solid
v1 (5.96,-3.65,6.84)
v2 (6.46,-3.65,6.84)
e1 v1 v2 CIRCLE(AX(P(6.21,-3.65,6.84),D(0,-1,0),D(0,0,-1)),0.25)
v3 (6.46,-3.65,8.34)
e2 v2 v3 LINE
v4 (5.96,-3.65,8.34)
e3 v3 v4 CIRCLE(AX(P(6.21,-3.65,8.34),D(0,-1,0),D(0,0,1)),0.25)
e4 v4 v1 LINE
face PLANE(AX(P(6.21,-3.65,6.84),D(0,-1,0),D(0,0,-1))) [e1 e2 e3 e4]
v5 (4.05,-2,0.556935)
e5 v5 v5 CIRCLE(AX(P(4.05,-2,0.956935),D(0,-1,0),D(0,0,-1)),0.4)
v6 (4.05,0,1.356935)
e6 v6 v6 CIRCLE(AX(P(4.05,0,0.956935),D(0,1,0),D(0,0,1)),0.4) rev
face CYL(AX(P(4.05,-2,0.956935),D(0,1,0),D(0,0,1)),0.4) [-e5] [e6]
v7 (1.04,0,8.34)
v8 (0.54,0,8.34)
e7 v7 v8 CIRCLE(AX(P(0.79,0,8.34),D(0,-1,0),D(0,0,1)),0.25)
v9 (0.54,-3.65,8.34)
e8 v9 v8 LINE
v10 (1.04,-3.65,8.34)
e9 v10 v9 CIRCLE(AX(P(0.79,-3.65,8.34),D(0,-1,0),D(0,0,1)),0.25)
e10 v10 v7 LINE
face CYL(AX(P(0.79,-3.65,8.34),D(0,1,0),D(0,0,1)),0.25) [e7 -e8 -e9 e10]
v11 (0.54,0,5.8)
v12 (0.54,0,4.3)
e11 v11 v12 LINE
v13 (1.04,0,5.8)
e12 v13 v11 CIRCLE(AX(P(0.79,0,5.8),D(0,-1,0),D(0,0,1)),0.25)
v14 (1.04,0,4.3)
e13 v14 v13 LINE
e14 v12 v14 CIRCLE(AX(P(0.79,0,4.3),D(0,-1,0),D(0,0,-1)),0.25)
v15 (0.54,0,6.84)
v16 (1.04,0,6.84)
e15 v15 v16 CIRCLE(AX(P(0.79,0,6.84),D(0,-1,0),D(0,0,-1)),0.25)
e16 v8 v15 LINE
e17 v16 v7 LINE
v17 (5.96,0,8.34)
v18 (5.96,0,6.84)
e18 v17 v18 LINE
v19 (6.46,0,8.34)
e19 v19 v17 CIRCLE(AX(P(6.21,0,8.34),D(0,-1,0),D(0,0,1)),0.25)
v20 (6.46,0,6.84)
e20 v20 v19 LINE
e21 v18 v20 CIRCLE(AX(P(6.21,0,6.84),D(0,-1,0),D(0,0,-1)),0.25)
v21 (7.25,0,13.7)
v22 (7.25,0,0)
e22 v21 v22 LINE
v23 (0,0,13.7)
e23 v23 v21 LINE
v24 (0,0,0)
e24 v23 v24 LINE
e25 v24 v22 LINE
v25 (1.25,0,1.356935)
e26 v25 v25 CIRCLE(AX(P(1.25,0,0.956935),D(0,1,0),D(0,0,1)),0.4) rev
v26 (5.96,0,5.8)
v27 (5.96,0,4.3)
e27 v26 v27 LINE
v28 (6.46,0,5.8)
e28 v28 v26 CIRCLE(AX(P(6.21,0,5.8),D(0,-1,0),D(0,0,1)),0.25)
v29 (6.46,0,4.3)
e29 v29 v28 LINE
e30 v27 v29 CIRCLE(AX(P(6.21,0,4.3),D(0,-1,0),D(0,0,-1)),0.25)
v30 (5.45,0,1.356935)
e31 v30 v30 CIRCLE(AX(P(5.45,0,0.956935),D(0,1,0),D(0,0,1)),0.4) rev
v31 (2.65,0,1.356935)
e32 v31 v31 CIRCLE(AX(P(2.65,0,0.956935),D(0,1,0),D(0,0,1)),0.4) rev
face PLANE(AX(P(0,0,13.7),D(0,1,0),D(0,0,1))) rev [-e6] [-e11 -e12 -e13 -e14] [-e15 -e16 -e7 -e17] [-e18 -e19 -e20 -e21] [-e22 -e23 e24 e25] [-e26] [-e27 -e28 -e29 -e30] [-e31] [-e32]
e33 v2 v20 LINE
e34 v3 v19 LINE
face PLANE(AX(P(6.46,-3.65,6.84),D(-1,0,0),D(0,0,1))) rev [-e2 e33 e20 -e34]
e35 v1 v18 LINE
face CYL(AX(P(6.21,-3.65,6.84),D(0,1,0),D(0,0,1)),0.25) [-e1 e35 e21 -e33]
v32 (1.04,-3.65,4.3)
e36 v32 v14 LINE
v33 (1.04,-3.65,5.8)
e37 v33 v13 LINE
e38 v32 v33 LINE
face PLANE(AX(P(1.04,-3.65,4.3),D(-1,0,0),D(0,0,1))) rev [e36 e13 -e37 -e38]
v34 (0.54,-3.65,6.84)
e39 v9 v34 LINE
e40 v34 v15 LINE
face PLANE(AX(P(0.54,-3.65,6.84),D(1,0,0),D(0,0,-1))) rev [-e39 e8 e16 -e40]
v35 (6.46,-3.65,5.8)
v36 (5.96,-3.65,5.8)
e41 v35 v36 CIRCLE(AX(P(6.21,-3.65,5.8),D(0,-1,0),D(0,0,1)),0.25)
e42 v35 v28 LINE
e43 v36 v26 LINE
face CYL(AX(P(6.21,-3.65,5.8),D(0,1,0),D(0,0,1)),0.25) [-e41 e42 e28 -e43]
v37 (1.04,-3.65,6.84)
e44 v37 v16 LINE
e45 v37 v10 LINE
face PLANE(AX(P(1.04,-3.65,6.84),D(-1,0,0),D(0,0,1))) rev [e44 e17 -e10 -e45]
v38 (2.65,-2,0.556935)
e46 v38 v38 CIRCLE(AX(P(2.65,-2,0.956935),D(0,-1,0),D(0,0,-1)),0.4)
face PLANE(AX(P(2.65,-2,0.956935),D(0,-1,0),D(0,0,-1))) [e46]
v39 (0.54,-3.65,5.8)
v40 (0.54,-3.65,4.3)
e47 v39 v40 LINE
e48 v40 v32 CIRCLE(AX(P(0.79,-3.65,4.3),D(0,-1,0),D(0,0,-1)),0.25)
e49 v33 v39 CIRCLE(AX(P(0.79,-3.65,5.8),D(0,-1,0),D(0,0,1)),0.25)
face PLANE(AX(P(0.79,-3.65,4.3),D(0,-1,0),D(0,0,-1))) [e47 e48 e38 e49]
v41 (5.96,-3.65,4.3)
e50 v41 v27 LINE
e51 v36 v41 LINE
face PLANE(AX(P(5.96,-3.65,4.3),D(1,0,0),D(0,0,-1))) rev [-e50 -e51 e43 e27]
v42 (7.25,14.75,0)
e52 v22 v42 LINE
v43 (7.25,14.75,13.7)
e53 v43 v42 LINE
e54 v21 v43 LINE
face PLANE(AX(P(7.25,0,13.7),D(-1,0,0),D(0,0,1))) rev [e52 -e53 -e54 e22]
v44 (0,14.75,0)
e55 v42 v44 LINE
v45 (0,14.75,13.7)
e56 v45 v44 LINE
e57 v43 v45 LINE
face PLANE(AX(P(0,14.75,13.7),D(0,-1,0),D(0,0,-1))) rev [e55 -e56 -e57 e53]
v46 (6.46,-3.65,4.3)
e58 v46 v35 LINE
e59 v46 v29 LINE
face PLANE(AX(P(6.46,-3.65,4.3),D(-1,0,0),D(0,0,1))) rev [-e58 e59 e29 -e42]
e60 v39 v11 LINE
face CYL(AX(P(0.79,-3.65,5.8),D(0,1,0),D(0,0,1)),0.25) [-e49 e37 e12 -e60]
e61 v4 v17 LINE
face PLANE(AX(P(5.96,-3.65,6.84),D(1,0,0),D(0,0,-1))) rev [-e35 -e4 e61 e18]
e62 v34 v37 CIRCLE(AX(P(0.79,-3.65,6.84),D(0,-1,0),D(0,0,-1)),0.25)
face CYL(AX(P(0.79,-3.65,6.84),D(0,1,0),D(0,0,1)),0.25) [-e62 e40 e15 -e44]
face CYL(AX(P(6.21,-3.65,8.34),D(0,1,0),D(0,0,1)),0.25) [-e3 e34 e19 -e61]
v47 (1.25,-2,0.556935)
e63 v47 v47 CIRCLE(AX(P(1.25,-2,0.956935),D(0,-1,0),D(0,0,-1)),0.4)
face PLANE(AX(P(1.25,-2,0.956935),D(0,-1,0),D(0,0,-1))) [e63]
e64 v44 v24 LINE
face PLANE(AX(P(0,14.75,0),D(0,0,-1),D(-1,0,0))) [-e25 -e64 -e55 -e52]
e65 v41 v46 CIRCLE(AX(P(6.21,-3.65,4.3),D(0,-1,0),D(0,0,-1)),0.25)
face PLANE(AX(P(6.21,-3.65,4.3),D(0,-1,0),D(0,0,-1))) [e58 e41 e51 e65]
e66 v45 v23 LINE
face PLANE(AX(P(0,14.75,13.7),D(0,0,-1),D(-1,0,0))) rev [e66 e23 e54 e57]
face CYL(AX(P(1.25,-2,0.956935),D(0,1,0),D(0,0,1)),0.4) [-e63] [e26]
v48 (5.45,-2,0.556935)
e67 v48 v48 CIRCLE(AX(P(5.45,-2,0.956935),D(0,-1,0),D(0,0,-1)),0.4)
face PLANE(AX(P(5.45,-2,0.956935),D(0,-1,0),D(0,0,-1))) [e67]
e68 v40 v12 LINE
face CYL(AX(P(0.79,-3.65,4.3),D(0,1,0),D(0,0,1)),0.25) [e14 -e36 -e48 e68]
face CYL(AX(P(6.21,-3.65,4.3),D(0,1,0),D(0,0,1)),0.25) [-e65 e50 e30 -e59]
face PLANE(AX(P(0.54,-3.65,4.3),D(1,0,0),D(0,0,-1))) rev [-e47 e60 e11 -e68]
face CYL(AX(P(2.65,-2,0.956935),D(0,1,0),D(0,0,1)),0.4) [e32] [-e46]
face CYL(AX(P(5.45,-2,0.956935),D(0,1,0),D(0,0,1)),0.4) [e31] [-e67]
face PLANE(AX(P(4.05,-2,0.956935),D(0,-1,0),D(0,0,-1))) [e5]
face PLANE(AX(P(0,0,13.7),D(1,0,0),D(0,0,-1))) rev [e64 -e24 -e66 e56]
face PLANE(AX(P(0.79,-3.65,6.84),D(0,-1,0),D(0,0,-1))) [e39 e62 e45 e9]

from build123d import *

# Parameters (mm, degrees)
ESQUISSE1_W      = 7.25
ESQUISSE1_H      = 14.75
EXTRUSION1_DEPTH = 13.7
EXTRUSION2_DEPTH = 3.65
ESQUISSE3_R      = 0.4
EXTRUSION3_DEPTH = 2


with BuildPart() as part:
    # Esquisse1 → Extrusion1 (new body)
    with BuildSketch(Plane.XY):
        with Locations((3.625, 7.375)):
            Rectangle(ESQUISSE1_W, ESQUISSE1_H)
    extrude(amount=EXTRUSION1_DEPTH)

    # Esquisse2 → Extrusion2 (add)
    with BuildSketch(Plane.XZ):
        with BuildLine():
            Line((1.04, 6.84), (1.04, 8.34))
            ThreePointArc((1.04, 8.34), (0.79, 8.59), (0.54, 8.34))
            Line((0.54, 8.34), (0.54, 6.84))
            ThreePointArc((0.54, 6.84), (0.79, 6.59), (1.04, 6.84))
        make_face()
        with BuildLine():
            Line((6.46, 6.84), (6.46, 8.34))
            ThreePointArc((6.46, 8.34), (6.21, 8.59), (5.96, 8.34))
            Line((5.96, 8.34), (5.96, 6.84))
            ThreePointArc((5.96, 6.84), (6.21, 6.59), (6.46, 6.84))
        make_face()
        with BuildLine():
            Line((1.04, 4.3), (1.04, 5.8))
            ThreePointArc((1.04, 5.8), (0.79, 6.05), (0.54, 5.8))
            Line((0.54, 5.8), (0.54, 4.3))
            ThreePointArc((0.54, 4.3), (0.79, 4.05), (1.04, 4.3))
        make_face()
        with BuildLine():
            Line((5.96, 4.3), (5.96, 5.8))
            ThreePointArc((5.96, 5.8), (6.21, 6.05), (6.46, 5.8))
            Line((6.46, 5.8), (6.46, 4.3))
            ThreePointArc((6.46, 4.3), (6.21, 4.05), (5.96, 4.3))
        make_face()
    extrude(amount=EXTRUSION2_DEPTH)

    # Esquisse3 → Extrusion3 (add)
    with BuildSketch(Plane.XZ):
        with Locations(Location((4.05, 0.956934673, 0), (0, 0, 90))):
            Circle(ESQUISSE3_R)
        with Locations(Location((2.65, 0.956934673, 0), (0, 0, 90))):
            Circle(ESQUISSE3_R)
        with Locations(Location((1.25, 0.956934673, 0), (0, 0, 90))):
            Circle(ESQUISSE3_R)
        with Locations(Location((5.45, 0.956934673, 0), (0, 0, 90))):
            Circle(ESQUISSE3_R)
    extrude(amount=EXTRUSION3_DEPTH)


solid = part.part
